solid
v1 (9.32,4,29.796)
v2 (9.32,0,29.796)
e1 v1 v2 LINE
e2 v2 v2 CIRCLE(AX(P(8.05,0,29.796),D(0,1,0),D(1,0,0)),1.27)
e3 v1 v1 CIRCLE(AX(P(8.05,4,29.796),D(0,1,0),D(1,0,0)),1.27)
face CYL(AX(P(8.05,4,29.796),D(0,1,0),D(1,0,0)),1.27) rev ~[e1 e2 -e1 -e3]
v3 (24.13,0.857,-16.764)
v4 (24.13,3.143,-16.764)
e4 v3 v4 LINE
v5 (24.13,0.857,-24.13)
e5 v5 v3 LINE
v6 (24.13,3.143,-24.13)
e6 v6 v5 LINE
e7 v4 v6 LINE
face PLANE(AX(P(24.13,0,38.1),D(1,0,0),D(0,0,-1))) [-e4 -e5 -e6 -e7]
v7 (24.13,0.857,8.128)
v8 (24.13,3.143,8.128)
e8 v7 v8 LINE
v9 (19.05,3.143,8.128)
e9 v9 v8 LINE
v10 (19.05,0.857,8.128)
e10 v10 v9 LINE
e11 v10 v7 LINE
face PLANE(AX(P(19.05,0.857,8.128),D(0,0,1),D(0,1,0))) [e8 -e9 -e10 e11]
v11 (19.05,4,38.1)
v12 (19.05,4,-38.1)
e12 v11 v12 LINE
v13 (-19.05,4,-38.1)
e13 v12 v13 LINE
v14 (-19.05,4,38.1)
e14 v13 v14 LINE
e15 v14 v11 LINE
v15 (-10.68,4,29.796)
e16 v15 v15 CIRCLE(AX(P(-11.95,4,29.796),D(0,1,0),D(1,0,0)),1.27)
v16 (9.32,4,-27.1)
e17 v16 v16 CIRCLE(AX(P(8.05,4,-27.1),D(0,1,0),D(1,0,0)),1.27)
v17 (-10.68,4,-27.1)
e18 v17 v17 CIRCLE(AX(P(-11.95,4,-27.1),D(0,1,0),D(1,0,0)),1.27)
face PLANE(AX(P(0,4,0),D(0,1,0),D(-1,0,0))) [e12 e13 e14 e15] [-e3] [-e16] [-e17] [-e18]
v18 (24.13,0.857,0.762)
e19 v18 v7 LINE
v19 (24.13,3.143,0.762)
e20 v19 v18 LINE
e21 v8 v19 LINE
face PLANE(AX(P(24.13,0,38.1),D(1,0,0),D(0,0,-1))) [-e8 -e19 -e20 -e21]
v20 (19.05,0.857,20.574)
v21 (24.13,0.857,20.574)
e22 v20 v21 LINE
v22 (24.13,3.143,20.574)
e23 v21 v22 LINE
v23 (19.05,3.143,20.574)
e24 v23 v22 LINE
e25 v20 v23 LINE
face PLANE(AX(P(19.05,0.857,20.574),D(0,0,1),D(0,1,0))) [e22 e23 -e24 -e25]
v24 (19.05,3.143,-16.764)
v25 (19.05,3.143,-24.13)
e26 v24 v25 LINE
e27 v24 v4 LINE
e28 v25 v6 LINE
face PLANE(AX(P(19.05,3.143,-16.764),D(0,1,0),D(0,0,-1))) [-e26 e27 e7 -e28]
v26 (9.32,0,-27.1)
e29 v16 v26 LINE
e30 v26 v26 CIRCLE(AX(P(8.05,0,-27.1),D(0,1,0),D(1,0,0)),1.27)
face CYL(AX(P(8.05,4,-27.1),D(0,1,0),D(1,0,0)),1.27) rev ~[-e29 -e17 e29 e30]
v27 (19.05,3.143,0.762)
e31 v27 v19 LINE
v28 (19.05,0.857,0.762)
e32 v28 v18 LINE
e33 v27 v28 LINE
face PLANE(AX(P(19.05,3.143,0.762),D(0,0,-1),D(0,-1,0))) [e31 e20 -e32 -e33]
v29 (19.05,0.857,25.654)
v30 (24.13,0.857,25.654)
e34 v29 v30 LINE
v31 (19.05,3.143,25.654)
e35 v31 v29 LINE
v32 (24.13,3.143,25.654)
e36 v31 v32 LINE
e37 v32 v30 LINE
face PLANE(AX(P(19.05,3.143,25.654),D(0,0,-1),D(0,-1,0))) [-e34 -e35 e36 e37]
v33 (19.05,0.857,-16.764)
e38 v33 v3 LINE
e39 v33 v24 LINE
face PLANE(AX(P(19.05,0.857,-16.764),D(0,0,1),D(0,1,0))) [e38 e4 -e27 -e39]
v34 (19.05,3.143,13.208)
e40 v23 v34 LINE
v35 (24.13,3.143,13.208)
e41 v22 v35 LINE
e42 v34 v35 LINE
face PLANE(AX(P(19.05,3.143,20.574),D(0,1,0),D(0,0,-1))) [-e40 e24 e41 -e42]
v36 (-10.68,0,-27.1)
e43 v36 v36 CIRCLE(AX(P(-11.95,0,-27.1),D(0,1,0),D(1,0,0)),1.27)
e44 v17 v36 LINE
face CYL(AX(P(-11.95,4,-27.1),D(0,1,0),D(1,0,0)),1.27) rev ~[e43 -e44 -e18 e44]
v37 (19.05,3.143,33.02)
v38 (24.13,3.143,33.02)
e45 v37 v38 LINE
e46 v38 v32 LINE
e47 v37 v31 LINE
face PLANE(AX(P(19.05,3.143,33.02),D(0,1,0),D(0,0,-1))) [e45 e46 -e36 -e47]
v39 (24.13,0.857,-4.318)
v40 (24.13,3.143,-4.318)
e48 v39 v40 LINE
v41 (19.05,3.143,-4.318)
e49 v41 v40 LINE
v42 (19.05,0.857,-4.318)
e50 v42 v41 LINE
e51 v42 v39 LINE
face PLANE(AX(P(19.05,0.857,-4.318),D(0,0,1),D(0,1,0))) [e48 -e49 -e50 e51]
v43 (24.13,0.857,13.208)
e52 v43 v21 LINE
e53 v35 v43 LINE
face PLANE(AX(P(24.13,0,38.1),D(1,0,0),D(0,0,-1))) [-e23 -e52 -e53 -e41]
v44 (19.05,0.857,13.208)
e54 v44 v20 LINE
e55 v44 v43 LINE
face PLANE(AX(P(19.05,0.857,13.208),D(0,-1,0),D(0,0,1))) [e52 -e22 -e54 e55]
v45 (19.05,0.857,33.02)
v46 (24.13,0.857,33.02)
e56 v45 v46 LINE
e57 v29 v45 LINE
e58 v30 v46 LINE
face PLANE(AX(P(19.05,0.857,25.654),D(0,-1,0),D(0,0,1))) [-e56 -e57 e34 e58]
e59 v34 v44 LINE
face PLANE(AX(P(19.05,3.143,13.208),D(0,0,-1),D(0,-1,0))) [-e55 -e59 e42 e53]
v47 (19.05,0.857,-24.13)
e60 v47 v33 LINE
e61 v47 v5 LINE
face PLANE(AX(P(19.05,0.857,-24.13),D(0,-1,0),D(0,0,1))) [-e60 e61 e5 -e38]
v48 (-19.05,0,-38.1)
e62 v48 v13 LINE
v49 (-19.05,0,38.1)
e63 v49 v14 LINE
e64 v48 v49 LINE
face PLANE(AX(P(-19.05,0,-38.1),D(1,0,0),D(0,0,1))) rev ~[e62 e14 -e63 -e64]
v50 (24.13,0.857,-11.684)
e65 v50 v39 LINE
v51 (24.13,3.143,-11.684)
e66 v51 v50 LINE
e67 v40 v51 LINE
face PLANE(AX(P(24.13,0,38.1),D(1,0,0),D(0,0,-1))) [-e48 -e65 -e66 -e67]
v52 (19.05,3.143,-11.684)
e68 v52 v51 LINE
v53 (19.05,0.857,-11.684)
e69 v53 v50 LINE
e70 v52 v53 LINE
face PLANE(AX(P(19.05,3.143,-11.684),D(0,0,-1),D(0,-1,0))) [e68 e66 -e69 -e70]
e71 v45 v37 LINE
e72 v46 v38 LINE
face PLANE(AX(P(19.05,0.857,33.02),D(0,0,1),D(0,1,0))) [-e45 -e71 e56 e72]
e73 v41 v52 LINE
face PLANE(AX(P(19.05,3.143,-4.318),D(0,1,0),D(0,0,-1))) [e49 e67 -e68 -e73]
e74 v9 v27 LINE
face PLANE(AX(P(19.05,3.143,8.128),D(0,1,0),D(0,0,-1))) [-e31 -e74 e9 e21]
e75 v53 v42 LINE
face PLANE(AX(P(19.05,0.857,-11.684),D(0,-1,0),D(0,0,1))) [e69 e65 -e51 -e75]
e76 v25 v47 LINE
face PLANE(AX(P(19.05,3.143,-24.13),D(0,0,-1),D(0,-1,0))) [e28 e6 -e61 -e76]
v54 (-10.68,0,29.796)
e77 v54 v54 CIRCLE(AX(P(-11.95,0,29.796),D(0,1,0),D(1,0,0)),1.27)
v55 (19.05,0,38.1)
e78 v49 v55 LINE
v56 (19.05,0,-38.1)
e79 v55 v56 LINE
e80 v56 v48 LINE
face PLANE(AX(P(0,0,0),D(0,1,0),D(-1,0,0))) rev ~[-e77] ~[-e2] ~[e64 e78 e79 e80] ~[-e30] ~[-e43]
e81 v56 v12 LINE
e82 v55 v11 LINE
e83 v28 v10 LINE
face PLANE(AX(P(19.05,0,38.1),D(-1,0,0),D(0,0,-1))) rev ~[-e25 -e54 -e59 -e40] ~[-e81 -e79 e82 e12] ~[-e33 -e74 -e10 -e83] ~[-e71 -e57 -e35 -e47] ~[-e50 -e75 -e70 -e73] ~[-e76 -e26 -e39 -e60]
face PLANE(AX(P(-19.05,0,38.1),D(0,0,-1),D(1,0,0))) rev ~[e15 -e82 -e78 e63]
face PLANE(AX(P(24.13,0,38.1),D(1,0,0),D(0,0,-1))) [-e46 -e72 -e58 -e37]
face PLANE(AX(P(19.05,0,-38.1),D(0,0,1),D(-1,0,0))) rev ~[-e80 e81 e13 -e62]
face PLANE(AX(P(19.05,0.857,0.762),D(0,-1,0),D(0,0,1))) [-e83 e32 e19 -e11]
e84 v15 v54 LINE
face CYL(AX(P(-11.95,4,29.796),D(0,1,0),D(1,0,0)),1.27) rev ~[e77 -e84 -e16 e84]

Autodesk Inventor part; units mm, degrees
ref_plane "YZ Plane" through (0, 0, 0) normal (1, 0, 0) x (0, 1, 0)
ref_plane "XZ Plane" through (0, 0, 0) normal (0, 1, 0) x (-1, 0, 0)
ref_plane "XY Plane" through (0, 0, 0) normal (0, 0, 1) x (1, 0, 0)
sketch "Sketch1" plane through (0, 0, 0) normal (0, 1, 0) x (-1, 0, 0)
  line L0 (19.05, 38.1) -> (-19.05, 38.1)
  line L1 (-19.05, 38.1) -> (-19.05, -38.1)
  line L2 (-19.05, -38.1) -> (19.05, -38.1)
  line L3 (19.05, -38.1) -> (19.05, 38.1)
  point P0 (0, 0)
  point P1 (19.05, 0)
  point P2 (0, -38.1)
  dimension "d0" = 76.2
  dimension "d1" = 38.1
extrude "Extrusion1" add sketch "Sketch1" along normal blind 4
sketch "Sketch2" plane through (19.05, 0, 38.1) normal (1, 0, 0) x (0, 0, -1)
  line L0 (5.08, 3.143) -> (12.446, 3.143)
  line L1 (12.446, 3.143) -> (12.446, 0.857)
  line L2 (12.446, 0.857) -> (5.08, 0.857)
  line L3 (5.08, 0.857) -> (5.08, 3.143)
  line L4 (0, 0) -> (0, 4) projected
  line L5 (0, 4) -> (76.2, 4) projected
  line L6 (17.526, 3.143) -> (24.892, 3.143)
  line L7 (24.892, 3.143) -> (24.892, 0.857)
  line L8 (24.892, 0.857) -> (17.526, 0.857)
  line L9 (17.526, 0.857) -> (17.526, 3.143)
  line L10 (29.972, 3.143) -> (37.338, 3.143)
  line L11 (37.338, 3.143) -> (37.338, 0.857)
  line L12 (37.338, 0.857) -> (29.972, 0.857)
  line L13 (29.972, 0.857) -> (29.972, 3.143)
  line L14 (42.418, 3.143) -> (49.784, 3.143)
  line L15 (49.784, 3.143) -> (49.784, 0.857)
  line L16 (49.784, 0.857) -> (42.418, 0.857)
  line L17 (42.418, 0.857) -> (42.418, 3.143)
  line L18 (54.864, 3.143) -> (62.23, 3.143)
  line L19 (62.23, 3.143) -> (62.23, 0.857)
  line L20 (62.23, 0.857) -> (54.864, 0.857)
  line L21 (54.864, 0.857) -> (54.864, 3.143)
  point P0 (38.1, 0)
  point P1 (5.08, 2)
  point P2 (0, 2)
  point P3 (17.526, 2)
  point P4 (0, 2)
  point P5 (29.972, 2)
  point P6 (0, 2)
  point P7 (42.418, 2)
  point P8 (0, 2)
  dimension "d4" = 5.08
  dimension "d5" = 7.366
  dimension "d6" = 2.286
  dimension "d8" = 5.08
  dimension "d9" = 7.366
  dimension "d10" = 2.286
  dimension "d11" = 7.366
  dimension "d12" = 2.286
  dimension "d13" = 5.08
  dimension "d14" = 7.366
  dimension "d15" = 2.286
  dimension "d16" = 5.08
  dimension "d18" = 7.366
  dimension "d19" = 5.08
extrude "Extrusion2" add sketch "Sketch2" along normal blind 5.08
sketch "Sketch4" plane through (0, 4, 0) normal (0, 1, 0) x (1, 0, 0)
  circle A0 centre (8.05, 27.1) radius 1.27
  line L0 (19.05, -38.1) -> (19.05, 38.1) projected
  line L1 (19.05, 38.1) -> (-19.05, 38.1) projected
  circle A1 centre (-11.95, 27.1) radius 1.27
  line L2 (-19.05, 38.1) -> (-19.05, -38.1) projected
  circle A2 centre (8.05, -29.796) radius 1.27
  circle A3 centre (-11.95, -29.796) radius 1.27
  line L3 (-19.05, -38.1) -> (19.05, -38.1) projected
  point P0 (0, 0)
  dimension "d27" = 11
  dimension "d28" = 11
  dimension "d31" = 2.54
  dimension "d32" = 2.54
  dimension "d37" = 2.54
  dimension "d38" = 2.54
  dimension "d41" = 20
  dimension "d42" = 56.896
  dimension "d43" = 56.896
extrude "Extrusion4" cut sketch "Sketch4" against normal blind 7.1628 contours A0 | A1 | A2 | A3
properties part number "pca"
